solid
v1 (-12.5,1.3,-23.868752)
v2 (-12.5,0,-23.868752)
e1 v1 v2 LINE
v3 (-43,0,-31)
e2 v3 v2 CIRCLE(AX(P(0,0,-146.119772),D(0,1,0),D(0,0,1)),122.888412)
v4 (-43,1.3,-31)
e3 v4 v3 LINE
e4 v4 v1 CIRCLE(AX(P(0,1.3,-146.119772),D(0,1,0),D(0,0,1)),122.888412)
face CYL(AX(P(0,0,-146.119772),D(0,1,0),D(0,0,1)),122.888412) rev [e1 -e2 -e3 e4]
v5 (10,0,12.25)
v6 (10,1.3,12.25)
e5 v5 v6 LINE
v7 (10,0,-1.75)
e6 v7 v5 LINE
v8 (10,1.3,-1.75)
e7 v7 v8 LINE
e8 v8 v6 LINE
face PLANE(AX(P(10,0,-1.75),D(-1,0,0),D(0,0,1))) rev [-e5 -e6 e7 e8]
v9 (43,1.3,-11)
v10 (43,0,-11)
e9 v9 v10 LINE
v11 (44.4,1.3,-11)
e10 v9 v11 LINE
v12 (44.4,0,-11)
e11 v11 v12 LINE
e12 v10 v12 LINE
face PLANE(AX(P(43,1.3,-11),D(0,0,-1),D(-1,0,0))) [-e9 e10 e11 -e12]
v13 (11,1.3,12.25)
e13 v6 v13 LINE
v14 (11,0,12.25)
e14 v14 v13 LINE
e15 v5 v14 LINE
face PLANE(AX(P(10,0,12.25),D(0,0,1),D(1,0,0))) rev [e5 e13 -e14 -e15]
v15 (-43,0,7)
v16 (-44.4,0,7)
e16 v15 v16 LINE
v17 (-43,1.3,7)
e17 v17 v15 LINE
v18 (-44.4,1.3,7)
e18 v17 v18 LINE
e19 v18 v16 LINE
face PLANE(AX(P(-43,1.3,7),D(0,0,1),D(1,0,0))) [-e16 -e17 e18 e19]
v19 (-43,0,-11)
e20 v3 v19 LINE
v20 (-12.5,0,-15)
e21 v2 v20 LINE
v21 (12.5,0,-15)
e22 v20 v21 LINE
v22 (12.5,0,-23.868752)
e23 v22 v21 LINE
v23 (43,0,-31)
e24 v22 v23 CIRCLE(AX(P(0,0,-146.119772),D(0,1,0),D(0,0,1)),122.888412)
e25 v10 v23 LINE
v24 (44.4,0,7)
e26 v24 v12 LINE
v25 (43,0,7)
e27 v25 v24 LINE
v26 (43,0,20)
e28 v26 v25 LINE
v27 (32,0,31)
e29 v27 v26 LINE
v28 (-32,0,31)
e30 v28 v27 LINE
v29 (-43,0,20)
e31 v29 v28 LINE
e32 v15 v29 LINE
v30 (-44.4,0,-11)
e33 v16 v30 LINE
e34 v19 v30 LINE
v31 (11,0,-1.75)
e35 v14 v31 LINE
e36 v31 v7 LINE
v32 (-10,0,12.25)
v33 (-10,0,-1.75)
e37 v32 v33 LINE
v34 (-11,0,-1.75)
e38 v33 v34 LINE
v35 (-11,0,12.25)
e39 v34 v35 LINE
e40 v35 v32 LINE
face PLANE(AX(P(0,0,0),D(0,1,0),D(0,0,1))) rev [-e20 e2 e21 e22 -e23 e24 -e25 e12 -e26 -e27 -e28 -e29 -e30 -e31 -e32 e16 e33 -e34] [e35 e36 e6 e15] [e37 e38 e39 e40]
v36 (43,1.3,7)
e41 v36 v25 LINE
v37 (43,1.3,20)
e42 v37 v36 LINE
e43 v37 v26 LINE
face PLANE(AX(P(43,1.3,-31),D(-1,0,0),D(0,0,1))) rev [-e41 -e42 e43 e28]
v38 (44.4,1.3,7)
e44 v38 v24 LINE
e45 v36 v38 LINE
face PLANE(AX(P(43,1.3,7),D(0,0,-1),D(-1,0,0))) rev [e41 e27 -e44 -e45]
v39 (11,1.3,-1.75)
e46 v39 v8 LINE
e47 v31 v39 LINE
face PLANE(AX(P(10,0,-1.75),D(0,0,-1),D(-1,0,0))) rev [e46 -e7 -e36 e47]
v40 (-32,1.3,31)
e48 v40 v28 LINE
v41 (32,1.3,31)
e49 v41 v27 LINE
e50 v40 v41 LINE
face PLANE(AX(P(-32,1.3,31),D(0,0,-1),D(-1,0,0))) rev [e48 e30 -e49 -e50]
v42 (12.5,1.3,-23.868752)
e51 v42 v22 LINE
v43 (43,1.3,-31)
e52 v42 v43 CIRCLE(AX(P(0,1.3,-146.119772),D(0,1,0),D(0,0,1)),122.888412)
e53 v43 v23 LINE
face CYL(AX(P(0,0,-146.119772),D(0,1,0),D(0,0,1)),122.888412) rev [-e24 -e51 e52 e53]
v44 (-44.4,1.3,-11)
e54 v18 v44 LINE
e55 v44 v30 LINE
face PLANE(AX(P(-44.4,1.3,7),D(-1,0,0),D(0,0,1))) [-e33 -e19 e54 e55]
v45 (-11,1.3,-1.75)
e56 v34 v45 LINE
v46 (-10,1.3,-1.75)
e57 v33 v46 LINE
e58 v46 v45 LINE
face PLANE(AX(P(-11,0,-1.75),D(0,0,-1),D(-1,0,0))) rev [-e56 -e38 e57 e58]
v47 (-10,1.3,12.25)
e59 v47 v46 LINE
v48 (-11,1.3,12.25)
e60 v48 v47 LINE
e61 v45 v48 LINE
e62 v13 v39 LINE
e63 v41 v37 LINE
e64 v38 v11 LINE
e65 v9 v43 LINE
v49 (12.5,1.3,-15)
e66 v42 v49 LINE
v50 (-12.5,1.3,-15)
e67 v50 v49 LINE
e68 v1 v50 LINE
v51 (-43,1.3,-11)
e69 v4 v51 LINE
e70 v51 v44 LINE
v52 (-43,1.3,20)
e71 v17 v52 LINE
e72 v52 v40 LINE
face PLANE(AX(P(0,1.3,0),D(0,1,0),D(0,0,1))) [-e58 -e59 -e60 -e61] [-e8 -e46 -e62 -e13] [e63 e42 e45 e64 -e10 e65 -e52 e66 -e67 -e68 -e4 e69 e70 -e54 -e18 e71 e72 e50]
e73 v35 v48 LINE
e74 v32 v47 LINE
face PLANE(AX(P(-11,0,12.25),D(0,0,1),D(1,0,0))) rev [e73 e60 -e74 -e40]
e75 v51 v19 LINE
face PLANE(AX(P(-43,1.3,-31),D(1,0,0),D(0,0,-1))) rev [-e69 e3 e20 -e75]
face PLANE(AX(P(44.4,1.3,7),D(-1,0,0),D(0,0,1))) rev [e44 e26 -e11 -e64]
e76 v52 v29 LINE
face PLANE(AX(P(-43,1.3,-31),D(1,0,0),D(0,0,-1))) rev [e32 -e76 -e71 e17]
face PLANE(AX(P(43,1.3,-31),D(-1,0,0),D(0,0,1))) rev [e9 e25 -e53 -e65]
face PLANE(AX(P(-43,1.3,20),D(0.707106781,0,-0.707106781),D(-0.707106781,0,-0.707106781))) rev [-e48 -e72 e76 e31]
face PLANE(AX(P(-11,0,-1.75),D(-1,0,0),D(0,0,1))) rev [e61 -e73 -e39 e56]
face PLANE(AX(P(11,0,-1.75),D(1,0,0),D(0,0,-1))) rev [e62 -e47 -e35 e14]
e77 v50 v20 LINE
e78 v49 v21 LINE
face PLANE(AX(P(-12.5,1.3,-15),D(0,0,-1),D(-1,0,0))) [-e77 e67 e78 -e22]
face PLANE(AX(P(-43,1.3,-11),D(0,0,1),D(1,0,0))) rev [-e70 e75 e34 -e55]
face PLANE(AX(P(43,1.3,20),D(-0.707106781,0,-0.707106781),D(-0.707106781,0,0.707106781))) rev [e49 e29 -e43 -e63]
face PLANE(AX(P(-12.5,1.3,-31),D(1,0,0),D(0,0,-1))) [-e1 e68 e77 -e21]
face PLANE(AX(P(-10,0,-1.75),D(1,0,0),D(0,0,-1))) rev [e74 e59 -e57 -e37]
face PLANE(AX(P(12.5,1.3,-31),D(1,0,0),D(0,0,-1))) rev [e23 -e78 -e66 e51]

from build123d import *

# Parameters (mm, degrees)
BOSS_EXTRUDE1_DEPTH = 1.3
SKETCH2_W           = 1.4
SKETCH2_H           = 18
BOSS_EXTRUDE2_DEPTH = 1.3
SKETCH2_3_W         = 25
SKETCH2_3_H         = 16
CUT_EXTRUDE1_DEPTH  = 55.166871794
CUT_EXTRUDE2_DEPTH  = 55.166871794
SKETCH7_W           = 1
SKETCH7_H           = 14
CUT_EXTRUDE3_DEPTH  = 55.166871794


with BuildPart() as part:
    # Sketch1 → Boss-Extrude1 (new body)
    with BuildSketch(Plane(origin=(0, 0, 0), x_dir=(1, 0, 0), z_dir=(0, 1, 0))):
        Polygon((-43, 31), (43, 31), (43, -20), (32, -31), (-32, -31), (-43, -20), align=None)
    extrude(amount=BOSS_EXTRUDE1_DEPTH)

    # Sketch2 → Boss-Extrude2 (add)
    with BuildSketch(Plane(origin=(0, 0, 0), x_dir=(1, 0, 0), z_dir=(0, 1, 0))):
        with Locations((43.7, 2)):
            Rectangle(SKETCH2_W, SKETCH2_H)
        with Locations((-43.7, 2)):
            Rectangle(SKETCH2_W, SKETCH2_H)
    extrude(amount=BOSS_EXTRUDE2_DEPTH)

    # Sketch2<3> → Cut-Extrude1 (cut, through all)
    with BuildSketch(Plane(origin=(0, 0, 0), x_dir=(1, 0, 0), z_dir=(0, 1, 0))):
        with Locations((0, 23)):
            Rectangle(SKETCH2_3_W, SKETCH2_3_H)
    extrude(amount=CUT_EXTRUDE1_DEPTH, mode=Mode.SUBTRACT)

    # Sketch6 → Cut-Extrude2 (cut, through all)
    with BuildSketch(Plane(origin=(0, 1.3, 0), x_dir=(1, 0, 0), z_dir=(0, 1, 0))):
        with BuildLine():
            Line((-43, 31), (43, 31))
            ThreePointArc((43, 31), (0, 23.231359566), (-43, 31))
        make_face()
    extrude(amount=-CUT_EXTRUDE2_DEPTH, mode=Mode.SUBTRACT)

    # Sketch7 → Cut-Extrude3 (cut, through all)
    with BuildSketch(Plane(origin=(0, 1.3, 0), x_dir=(1, 0, 0), z_dir=(0, 1, 0))):
        with Locations((-10.5, -5.25)):
            Rectangle(SKETCH7_W, SKETCH7_H)
        with Locations((10.5, -5.25)):
            Rectangle(SKETCH7_W, SKETCH7_H)
    extrude(amount=-CUT_EXTRUDE3_DEPTH, mode=Mode.SUBTRACT)


solid = part.part
